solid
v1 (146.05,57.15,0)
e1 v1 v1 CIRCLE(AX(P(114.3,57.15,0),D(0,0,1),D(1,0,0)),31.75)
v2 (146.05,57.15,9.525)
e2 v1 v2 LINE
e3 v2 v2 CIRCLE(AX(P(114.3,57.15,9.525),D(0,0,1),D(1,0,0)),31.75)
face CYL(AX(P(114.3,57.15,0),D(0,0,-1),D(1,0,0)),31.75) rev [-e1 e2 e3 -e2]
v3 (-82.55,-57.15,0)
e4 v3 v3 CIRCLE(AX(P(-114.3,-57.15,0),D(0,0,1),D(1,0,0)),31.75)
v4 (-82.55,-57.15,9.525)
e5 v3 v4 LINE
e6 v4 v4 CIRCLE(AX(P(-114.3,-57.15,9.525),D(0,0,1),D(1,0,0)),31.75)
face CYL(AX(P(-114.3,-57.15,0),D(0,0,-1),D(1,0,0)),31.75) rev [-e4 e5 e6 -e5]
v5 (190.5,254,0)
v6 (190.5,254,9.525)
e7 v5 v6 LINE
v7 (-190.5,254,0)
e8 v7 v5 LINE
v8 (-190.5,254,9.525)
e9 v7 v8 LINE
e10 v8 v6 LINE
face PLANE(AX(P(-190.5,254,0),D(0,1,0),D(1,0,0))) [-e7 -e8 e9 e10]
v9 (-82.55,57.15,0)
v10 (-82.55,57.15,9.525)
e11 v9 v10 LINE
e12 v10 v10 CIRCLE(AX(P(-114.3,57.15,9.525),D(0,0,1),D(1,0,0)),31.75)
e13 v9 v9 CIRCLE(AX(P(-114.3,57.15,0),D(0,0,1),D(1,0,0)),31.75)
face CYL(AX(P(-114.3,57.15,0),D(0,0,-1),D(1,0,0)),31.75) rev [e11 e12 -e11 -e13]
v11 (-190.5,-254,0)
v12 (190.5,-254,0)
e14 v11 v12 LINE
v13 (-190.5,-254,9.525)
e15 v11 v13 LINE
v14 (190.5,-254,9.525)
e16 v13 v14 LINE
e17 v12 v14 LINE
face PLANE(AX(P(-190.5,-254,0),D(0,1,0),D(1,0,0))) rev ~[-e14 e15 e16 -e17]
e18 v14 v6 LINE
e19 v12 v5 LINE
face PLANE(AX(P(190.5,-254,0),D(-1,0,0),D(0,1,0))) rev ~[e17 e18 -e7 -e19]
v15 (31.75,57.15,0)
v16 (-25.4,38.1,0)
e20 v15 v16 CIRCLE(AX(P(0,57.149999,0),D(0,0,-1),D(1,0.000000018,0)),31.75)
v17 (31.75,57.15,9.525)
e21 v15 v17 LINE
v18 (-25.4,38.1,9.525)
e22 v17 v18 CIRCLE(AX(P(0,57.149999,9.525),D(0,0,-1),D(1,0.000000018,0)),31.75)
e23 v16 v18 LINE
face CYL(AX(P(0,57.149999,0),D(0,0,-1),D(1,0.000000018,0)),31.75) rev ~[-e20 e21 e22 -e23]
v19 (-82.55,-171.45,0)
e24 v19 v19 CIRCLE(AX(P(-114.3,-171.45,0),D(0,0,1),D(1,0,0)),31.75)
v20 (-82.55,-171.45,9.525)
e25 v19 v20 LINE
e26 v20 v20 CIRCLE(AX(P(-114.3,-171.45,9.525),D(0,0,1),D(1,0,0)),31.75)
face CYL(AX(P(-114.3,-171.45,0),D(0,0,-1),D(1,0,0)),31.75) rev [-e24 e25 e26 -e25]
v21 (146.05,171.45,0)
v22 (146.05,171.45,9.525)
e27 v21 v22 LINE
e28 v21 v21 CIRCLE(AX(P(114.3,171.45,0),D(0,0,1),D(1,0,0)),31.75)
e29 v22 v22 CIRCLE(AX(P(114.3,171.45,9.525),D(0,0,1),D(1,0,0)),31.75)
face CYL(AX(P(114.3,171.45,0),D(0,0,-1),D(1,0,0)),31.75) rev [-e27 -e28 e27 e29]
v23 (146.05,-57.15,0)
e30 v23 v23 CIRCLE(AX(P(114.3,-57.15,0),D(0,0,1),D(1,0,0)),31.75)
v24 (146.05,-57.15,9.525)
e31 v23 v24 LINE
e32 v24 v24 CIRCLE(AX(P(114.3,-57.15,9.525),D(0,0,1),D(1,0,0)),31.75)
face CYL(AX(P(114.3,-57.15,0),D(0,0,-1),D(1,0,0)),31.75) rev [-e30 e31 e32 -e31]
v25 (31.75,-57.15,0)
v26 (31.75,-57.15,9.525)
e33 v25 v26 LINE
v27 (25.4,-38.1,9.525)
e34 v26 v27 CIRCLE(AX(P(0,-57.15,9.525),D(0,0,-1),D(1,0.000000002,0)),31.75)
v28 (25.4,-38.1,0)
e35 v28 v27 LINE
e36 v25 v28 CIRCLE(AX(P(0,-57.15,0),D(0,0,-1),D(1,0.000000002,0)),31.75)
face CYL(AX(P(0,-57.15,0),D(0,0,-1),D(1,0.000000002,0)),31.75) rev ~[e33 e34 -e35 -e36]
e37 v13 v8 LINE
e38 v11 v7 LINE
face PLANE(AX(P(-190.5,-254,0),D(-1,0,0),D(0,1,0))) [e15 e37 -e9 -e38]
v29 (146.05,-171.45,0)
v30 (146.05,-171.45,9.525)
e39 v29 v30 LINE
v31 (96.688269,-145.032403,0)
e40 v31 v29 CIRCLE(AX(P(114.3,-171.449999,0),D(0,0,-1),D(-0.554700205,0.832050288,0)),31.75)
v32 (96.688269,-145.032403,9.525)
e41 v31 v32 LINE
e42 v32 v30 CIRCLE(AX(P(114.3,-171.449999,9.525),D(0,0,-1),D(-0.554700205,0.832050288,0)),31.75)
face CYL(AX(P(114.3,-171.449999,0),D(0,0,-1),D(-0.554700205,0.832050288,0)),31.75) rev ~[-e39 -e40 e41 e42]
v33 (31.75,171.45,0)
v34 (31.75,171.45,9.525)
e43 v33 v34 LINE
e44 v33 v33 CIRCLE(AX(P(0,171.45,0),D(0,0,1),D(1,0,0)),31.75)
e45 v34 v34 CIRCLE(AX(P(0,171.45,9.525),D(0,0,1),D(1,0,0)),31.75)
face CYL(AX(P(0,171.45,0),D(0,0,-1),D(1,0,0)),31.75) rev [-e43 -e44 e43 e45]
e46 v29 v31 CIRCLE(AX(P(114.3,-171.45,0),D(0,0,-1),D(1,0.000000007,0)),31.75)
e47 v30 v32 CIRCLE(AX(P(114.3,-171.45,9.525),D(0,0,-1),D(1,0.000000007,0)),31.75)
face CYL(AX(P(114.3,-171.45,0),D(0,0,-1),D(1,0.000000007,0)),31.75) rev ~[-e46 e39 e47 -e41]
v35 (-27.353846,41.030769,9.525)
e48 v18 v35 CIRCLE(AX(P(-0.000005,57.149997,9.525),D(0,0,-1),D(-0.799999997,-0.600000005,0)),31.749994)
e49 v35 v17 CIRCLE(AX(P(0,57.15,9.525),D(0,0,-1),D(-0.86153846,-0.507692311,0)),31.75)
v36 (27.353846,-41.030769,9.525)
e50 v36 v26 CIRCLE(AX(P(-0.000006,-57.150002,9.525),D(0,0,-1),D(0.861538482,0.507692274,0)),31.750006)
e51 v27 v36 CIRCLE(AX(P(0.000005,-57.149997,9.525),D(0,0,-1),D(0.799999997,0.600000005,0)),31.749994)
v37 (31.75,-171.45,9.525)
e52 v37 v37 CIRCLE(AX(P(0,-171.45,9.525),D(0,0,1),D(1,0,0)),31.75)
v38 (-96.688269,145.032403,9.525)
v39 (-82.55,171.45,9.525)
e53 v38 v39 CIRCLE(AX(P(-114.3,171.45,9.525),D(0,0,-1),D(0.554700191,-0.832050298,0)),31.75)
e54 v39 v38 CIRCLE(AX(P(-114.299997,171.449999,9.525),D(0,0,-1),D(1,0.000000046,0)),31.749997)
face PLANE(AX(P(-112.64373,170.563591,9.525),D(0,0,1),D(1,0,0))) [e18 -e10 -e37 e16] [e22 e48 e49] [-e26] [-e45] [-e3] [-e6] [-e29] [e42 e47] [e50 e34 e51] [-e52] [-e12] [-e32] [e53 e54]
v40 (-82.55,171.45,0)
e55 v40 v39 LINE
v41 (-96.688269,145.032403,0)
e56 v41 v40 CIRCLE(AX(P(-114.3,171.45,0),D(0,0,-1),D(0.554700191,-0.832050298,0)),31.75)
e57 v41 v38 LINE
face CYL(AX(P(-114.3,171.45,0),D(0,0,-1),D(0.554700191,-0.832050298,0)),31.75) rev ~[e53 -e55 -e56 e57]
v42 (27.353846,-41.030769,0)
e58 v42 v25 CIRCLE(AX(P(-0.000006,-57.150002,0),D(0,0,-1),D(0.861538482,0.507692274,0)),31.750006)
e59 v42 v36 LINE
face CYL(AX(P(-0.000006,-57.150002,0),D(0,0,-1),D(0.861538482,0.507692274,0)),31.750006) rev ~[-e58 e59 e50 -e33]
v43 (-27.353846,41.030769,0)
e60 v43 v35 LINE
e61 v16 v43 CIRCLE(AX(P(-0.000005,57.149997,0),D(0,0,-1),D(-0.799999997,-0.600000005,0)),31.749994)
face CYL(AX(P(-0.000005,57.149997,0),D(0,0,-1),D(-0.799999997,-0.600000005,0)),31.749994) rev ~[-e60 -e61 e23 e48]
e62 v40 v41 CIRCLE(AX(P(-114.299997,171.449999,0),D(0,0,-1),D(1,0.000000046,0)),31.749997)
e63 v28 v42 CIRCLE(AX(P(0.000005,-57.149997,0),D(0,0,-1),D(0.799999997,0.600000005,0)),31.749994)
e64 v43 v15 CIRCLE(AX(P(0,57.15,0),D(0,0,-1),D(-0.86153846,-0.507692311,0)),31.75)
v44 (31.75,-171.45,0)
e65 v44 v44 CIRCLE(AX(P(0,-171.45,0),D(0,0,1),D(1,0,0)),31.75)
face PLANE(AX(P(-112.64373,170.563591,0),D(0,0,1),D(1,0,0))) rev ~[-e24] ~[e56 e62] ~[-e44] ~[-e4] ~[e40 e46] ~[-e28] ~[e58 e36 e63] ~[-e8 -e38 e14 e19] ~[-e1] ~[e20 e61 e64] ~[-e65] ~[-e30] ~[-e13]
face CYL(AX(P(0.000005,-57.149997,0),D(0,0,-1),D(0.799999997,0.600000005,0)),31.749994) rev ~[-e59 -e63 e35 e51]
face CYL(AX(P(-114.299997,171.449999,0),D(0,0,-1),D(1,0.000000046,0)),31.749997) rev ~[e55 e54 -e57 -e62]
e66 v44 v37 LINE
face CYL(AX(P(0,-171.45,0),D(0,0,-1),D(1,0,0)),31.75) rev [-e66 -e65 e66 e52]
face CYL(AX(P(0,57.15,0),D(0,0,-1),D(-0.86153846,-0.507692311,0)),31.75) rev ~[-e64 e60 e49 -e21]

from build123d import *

# Parameters (mm, degrees)
F0_W     = 381
F0_H     = 508
F0_R     = 31.75
F1_DEPTH = 9.525


with BuildPart() as f1:
    # F0 (on Top) → F1 (new body)
    with BuildSketch(Plane.XY):
        with BuildLine():
            ThreePointArc((-96.688269, 145.032403), (-86.306831, 156.468511), (-82.55, 171.45))
            ThreePointArc((-82.55, 171.45), (-142.293169, 186.431489), (-96.688269, 145.032403))
        make_face()
        with BuildLine():
            ThreePointArc((146.05, -171.45), (129.281489, -143.456831), (96.688269, -145.032403))
            ThreePointArc((96.688269, -145.032403), (99.318511, -199.443169), (146.05, -171.45))
        make_face()
        Rectangle(F0_W, F0_H)
        with Locations((-114.3, -171.45)):
            Circle(F0_R, mode=Mode.SUBTRACT)
        with Locations((-114.3, -57.15)):
            Circle(F0_R, mode=Mode.SUBTRACT)
        with Locations((0, -171.45)):
            Circle(F0_R, mode=Mode.SUBTRACT)
        with BuildLine():
            ThreePointArc((146.05, -171.45), (99.318511, -199.443169), (96.688269, -145.032403))
            ThreePointArc((96.688269, -145.032403), (129.281489, -143.456831), (146.05, -171.45))
        make_face(mode=Mode.SUBTRACT)
        with BuildLine():
            ThreePointArc((31.75, -57.15), (-30.120695, -67.190232), (25.4, -38.1))
            ThreePointArc((25.4, -38.1), (26.417597, -39.538269), (27.353846, -41.030769))
            ThreePointArc((27.353846, -41.030769), (30.631251, -48.796022), (31.75, -57.15))
        make_face(mode=Mode.SUBTRACT)
        with Locations((114.3, -57.15)):
            Circle(F0_R, mode=Mode.SUBTRACT)
        with Locations((-114.3, 57.15)):
            Circle(F0_R, mode=Mode.SUBTRACT)
        with BuildLine():
            ThreePointArc((-96.688269, 145.032403), (-142.293169, 186.431489), (-82.55, 171.45))
            ThreePointArc((-82.55, 171.45), (-86.306831, 156.468511), (-96.688269, 145.032403))
        make_face(mode=Mode.SUBTRACT)
        with BuildLine():
            ThreePointArc((-25.4, 38.1), (-26.417597, 39.538269), (-27.353846, 41.030769))
            ThreePointArc((-27.353846, 41.030769), (-8.353978, 87.781251), (31.75, 57.15))
            ThreePointArc((31.75, 57.15), (10.040232, 27.029305), (-25.4, 38.1))
        make_face(mode=Mode.SUBTRACT)
        with Locations((114.3, 57.15)):
            Circle(F0_R, mode=Mode.SUBTRACT)
        with Locations((0, 171.45)):
            Circle(F0_R, mode=Mode.SUBTRACT)
        with Locations((114.3, 171.45)):
            Circle(F0_R, mode=Mode.SUBTRACT)
    extrude(amount=F1_DEPTH)


solid = f1.part
